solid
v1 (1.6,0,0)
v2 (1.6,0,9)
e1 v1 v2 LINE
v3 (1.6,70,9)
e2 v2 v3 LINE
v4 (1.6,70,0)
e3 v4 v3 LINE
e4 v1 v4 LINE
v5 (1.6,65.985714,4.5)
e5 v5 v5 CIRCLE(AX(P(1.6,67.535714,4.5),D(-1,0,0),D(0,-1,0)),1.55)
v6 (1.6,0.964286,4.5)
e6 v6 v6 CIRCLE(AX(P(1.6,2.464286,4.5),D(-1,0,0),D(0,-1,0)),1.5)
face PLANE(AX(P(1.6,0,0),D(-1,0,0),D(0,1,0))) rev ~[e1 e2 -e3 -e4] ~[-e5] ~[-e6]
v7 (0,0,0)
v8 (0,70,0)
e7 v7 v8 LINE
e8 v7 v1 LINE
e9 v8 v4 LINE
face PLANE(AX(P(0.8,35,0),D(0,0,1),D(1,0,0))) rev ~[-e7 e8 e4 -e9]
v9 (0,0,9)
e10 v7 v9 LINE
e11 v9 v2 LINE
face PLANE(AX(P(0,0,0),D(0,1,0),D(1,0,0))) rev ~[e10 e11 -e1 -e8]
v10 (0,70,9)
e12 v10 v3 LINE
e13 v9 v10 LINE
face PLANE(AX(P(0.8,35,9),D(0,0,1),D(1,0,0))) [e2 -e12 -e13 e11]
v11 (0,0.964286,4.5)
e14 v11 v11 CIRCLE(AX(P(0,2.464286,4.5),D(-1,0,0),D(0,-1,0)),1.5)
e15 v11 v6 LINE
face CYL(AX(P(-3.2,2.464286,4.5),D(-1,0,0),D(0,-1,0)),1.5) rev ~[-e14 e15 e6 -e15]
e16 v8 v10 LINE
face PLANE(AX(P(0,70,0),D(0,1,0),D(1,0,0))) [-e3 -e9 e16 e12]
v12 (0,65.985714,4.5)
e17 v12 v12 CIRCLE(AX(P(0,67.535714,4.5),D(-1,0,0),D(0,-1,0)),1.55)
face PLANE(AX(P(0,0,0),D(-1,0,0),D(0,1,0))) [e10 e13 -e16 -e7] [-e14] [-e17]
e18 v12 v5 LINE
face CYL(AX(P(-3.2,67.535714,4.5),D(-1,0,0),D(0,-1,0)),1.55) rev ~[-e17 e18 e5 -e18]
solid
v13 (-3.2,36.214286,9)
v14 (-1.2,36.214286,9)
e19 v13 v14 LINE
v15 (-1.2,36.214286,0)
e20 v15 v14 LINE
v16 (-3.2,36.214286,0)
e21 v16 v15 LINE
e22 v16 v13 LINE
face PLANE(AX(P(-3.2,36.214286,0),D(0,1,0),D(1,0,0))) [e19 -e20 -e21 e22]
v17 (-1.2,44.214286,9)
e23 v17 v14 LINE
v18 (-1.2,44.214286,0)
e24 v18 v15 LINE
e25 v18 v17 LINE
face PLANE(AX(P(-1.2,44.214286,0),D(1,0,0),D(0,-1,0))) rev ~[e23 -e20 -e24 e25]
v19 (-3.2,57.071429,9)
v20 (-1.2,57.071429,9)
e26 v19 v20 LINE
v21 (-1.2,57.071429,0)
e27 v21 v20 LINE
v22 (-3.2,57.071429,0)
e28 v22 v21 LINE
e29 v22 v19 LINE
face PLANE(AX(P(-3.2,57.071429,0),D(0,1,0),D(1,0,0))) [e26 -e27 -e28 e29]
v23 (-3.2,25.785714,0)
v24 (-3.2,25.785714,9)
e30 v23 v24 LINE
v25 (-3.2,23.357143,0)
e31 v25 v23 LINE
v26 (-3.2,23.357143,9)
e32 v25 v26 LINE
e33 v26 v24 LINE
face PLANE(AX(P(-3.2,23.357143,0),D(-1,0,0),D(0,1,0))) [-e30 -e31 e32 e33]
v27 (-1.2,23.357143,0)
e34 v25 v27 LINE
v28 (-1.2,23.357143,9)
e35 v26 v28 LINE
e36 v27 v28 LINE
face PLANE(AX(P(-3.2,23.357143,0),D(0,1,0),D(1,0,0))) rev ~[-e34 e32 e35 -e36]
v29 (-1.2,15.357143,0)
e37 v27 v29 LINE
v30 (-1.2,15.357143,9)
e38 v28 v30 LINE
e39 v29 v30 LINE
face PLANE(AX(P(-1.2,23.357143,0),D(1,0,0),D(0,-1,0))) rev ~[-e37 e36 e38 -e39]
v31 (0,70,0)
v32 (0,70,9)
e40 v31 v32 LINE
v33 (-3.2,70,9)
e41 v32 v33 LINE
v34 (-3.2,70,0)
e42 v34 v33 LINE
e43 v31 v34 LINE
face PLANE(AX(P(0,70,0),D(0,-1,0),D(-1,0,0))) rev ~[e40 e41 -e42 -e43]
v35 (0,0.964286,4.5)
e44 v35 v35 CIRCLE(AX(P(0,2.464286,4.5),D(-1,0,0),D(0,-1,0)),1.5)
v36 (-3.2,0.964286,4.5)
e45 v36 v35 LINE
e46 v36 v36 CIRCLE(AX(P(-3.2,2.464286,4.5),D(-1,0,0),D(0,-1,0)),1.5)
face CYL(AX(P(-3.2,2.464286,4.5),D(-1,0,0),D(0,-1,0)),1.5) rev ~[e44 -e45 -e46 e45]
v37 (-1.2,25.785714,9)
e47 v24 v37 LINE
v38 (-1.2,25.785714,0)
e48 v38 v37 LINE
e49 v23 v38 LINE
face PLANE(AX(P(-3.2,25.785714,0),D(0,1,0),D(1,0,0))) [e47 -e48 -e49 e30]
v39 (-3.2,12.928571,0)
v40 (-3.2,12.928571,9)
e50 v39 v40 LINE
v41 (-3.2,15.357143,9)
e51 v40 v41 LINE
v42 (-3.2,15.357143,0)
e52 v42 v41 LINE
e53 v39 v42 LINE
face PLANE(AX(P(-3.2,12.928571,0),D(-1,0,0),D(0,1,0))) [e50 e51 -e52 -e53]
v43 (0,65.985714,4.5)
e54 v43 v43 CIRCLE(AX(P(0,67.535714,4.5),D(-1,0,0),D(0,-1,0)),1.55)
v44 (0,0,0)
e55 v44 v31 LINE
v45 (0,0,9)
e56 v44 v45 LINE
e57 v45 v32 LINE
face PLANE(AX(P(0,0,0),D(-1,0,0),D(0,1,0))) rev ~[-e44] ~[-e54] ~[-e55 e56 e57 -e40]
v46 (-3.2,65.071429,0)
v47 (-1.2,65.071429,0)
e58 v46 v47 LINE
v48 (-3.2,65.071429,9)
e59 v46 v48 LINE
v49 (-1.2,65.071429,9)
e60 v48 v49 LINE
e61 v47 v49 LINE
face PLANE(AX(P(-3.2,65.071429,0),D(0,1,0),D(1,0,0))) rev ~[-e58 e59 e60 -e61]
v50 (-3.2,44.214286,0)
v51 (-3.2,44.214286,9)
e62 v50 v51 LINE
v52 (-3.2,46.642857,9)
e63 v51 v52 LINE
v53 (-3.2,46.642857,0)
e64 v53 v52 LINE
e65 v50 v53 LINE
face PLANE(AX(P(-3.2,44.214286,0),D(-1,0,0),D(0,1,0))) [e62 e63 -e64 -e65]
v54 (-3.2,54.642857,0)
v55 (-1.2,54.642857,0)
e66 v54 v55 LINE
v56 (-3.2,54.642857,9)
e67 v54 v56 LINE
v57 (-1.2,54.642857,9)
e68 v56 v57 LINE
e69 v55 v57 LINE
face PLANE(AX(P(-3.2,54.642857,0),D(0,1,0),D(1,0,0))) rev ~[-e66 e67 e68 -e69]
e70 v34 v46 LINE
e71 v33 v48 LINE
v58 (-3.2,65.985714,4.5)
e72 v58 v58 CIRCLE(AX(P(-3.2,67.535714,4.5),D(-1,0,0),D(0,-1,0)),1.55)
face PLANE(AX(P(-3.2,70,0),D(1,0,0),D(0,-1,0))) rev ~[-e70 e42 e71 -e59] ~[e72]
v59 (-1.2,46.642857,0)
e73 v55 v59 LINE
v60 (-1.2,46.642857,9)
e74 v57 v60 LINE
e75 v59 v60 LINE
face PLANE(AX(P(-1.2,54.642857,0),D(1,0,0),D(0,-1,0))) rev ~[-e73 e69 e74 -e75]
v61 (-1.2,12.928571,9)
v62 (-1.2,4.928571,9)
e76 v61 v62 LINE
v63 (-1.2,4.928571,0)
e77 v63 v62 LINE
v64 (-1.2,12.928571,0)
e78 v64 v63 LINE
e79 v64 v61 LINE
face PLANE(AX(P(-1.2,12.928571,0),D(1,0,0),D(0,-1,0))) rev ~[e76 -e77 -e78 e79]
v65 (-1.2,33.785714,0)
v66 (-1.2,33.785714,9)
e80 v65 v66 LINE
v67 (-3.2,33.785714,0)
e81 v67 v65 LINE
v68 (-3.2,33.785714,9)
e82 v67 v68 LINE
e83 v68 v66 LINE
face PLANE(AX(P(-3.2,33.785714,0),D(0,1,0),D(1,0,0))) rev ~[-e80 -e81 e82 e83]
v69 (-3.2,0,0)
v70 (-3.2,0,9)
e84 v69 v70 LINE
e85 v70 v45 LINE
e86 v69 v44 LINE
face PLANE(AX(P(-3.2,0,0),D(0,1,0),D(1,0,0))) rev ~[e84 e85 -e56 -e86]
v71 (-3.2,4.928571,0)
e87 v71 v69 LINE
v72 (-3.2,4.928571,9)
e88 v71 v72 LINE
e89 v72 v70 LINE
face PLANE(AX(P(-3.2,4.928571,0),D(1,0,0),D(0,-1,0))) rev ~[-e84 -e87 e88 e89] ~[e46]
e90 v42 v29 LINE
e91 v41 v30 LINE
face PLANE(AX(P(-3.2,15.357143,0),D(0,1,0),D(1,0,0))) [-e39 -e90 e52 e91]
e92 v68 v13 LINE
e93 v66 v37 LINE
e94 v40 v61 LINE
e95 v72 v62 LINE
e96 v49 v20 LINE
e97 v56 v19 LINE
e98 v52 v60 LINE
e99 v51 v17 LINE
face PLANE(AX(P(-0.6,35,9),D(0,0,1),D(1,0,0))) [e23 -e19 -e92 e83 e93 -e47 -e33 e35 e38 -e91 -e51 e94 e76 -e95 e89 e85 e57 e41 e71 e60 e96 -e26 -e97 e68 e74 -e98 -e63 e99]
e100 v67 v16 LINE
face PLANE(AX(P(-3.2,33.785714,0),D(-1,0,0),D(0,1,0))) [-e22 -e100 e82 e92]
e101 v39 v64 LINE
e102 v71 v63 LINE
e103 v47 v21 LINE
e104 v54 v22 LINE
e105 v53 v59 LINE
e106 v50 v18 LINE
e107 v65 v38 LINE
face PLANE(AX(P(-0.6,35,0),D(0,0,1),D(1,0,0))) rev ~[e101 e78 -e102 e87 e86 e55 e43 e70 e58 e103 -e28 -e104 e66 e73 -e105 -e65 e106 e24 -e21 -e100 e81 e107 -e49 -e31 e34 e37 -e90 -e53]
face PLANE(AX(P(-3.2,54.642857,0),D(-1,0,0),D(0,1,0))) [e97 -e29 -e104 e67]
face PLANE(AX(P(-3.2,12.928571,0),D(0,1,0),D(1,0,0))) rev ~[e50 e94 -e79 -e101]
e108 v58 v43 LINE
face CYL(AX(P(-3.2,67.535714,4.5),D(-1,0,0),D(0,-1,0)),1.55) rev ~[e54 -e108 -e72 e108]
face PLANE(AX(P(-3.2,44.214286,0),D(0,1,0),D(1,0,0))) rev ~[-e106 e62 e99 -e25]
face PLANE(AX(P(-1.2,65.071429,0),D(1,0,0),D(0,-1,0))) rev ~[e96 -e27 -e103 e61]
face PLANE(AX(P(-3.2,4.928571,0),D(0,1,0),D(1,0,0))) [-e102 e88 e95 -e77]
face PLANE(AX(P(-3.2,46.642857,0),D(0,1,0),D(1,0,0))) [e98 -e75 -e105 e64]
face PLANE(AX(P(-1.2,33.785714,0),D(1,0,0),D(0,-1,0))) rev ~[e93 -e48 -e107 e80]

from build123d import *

# Parameters (mm, degrees)
F0_W     = 2
F0_H     = 2.5
F0_H_2   = 2.4285714286
F2_DEPTH = 9
F1_W     = 1.6
F1_H     = 70
F3_R     = 1.55
F3_R_2   = 1.5
F4_DEPTH = 4.801


with BuildPart() as f2:
    # F0 (on Top) → F2 (new body)
    with BuildSketch(Plane.XY):
        Polygon((0, 70), (-1.2, 70), (-1.2, 67.5), (-1.2, 65.0714285714), (-1.2, 57.0714285714), (-1.2, 54.6428571429), (-1.2, 46.6428571429), (-1.2, 44.2142857143), (-1.2, 36.2142857143), (-1.2, 33.7857142857), (-1.2, 25.7857142857), (-1.2, 23.3571428571), (-1.2, 15.3571428571), (-1.2, 12.9285714286), (-1.2, 4.9285714286), (-1.2, 2.5), (-1.2, 0), (0, 0), align=None)
        with Locations((-2.2, 68.75)):
            Rectangle(F0_W, F0_H)
        with Locations((-2.2, 66.2857142857)):
            Rectangle(F0_W, F0_H_2)
        with Locations((-2.2, 1.25)):
            Rectangle(F0_W, F0_H)
        with Locations((-2.2, 55.8571428571)):
            Rectangle(F0_W, F0_H_2)
        with Locations((-2.2, 3.7142857143)):
            Rectangle(F0_W, F0_H_2)
        with Locations((-2.2, 45.4285714286)):
            Rectangle(F0_W, F0_H_2)
        with Locations((-2.2, 14.1428571429)):
            Rectangle(F0_W, F0_H_2)
        with Locations((-2.2, 35)):
            Rectangle(F0_W, F0_H_2)
        with Locations((-2.2, 24.5714285714)):
            Rectangle(F0_W, F0_H_2)
    extrude(amount=F2_DEPTH)


with BuildPart() as f2b:
    # F1 (on Top) → F2, piece 2 (new body)
    with BuildSketch(Plane.XY):
        with Locations((0.8, 35)):
            Rectangle(F1_W, F1_H)
    extrude(amount=F2_DEPTH)


with BuildPart() as f4_tool:
    # F3 (on face) → F4 (new body, through all)
    with BuildSketch(Plane(origin=(-3.2, 0, 0), x_dir=(0, -1, 0), z_dir=(-1, 0, 0))):
        with Locations((-67.5357142857, 4.5)):
            Circle(F3_R)
        with Locations((-2.4642857143, 4.5)):
            Circle(F3_R_2)
    extrude(amount=-F4_DEPTH)


with BuildPart() as f2_1:
    add(f2.part)

    # F4: cut by f4_tool
    add(f4_tool.part, mode=Mode.SUBTRACT)


with BuildPart() as f2b_1:
    add(f2b.part)

    # F4: cut by f4_tool
    add(f4_tool.part, mode=Mode.SUBTRACT)


solid = Compound([f2_1.part, f2b_1.part])
